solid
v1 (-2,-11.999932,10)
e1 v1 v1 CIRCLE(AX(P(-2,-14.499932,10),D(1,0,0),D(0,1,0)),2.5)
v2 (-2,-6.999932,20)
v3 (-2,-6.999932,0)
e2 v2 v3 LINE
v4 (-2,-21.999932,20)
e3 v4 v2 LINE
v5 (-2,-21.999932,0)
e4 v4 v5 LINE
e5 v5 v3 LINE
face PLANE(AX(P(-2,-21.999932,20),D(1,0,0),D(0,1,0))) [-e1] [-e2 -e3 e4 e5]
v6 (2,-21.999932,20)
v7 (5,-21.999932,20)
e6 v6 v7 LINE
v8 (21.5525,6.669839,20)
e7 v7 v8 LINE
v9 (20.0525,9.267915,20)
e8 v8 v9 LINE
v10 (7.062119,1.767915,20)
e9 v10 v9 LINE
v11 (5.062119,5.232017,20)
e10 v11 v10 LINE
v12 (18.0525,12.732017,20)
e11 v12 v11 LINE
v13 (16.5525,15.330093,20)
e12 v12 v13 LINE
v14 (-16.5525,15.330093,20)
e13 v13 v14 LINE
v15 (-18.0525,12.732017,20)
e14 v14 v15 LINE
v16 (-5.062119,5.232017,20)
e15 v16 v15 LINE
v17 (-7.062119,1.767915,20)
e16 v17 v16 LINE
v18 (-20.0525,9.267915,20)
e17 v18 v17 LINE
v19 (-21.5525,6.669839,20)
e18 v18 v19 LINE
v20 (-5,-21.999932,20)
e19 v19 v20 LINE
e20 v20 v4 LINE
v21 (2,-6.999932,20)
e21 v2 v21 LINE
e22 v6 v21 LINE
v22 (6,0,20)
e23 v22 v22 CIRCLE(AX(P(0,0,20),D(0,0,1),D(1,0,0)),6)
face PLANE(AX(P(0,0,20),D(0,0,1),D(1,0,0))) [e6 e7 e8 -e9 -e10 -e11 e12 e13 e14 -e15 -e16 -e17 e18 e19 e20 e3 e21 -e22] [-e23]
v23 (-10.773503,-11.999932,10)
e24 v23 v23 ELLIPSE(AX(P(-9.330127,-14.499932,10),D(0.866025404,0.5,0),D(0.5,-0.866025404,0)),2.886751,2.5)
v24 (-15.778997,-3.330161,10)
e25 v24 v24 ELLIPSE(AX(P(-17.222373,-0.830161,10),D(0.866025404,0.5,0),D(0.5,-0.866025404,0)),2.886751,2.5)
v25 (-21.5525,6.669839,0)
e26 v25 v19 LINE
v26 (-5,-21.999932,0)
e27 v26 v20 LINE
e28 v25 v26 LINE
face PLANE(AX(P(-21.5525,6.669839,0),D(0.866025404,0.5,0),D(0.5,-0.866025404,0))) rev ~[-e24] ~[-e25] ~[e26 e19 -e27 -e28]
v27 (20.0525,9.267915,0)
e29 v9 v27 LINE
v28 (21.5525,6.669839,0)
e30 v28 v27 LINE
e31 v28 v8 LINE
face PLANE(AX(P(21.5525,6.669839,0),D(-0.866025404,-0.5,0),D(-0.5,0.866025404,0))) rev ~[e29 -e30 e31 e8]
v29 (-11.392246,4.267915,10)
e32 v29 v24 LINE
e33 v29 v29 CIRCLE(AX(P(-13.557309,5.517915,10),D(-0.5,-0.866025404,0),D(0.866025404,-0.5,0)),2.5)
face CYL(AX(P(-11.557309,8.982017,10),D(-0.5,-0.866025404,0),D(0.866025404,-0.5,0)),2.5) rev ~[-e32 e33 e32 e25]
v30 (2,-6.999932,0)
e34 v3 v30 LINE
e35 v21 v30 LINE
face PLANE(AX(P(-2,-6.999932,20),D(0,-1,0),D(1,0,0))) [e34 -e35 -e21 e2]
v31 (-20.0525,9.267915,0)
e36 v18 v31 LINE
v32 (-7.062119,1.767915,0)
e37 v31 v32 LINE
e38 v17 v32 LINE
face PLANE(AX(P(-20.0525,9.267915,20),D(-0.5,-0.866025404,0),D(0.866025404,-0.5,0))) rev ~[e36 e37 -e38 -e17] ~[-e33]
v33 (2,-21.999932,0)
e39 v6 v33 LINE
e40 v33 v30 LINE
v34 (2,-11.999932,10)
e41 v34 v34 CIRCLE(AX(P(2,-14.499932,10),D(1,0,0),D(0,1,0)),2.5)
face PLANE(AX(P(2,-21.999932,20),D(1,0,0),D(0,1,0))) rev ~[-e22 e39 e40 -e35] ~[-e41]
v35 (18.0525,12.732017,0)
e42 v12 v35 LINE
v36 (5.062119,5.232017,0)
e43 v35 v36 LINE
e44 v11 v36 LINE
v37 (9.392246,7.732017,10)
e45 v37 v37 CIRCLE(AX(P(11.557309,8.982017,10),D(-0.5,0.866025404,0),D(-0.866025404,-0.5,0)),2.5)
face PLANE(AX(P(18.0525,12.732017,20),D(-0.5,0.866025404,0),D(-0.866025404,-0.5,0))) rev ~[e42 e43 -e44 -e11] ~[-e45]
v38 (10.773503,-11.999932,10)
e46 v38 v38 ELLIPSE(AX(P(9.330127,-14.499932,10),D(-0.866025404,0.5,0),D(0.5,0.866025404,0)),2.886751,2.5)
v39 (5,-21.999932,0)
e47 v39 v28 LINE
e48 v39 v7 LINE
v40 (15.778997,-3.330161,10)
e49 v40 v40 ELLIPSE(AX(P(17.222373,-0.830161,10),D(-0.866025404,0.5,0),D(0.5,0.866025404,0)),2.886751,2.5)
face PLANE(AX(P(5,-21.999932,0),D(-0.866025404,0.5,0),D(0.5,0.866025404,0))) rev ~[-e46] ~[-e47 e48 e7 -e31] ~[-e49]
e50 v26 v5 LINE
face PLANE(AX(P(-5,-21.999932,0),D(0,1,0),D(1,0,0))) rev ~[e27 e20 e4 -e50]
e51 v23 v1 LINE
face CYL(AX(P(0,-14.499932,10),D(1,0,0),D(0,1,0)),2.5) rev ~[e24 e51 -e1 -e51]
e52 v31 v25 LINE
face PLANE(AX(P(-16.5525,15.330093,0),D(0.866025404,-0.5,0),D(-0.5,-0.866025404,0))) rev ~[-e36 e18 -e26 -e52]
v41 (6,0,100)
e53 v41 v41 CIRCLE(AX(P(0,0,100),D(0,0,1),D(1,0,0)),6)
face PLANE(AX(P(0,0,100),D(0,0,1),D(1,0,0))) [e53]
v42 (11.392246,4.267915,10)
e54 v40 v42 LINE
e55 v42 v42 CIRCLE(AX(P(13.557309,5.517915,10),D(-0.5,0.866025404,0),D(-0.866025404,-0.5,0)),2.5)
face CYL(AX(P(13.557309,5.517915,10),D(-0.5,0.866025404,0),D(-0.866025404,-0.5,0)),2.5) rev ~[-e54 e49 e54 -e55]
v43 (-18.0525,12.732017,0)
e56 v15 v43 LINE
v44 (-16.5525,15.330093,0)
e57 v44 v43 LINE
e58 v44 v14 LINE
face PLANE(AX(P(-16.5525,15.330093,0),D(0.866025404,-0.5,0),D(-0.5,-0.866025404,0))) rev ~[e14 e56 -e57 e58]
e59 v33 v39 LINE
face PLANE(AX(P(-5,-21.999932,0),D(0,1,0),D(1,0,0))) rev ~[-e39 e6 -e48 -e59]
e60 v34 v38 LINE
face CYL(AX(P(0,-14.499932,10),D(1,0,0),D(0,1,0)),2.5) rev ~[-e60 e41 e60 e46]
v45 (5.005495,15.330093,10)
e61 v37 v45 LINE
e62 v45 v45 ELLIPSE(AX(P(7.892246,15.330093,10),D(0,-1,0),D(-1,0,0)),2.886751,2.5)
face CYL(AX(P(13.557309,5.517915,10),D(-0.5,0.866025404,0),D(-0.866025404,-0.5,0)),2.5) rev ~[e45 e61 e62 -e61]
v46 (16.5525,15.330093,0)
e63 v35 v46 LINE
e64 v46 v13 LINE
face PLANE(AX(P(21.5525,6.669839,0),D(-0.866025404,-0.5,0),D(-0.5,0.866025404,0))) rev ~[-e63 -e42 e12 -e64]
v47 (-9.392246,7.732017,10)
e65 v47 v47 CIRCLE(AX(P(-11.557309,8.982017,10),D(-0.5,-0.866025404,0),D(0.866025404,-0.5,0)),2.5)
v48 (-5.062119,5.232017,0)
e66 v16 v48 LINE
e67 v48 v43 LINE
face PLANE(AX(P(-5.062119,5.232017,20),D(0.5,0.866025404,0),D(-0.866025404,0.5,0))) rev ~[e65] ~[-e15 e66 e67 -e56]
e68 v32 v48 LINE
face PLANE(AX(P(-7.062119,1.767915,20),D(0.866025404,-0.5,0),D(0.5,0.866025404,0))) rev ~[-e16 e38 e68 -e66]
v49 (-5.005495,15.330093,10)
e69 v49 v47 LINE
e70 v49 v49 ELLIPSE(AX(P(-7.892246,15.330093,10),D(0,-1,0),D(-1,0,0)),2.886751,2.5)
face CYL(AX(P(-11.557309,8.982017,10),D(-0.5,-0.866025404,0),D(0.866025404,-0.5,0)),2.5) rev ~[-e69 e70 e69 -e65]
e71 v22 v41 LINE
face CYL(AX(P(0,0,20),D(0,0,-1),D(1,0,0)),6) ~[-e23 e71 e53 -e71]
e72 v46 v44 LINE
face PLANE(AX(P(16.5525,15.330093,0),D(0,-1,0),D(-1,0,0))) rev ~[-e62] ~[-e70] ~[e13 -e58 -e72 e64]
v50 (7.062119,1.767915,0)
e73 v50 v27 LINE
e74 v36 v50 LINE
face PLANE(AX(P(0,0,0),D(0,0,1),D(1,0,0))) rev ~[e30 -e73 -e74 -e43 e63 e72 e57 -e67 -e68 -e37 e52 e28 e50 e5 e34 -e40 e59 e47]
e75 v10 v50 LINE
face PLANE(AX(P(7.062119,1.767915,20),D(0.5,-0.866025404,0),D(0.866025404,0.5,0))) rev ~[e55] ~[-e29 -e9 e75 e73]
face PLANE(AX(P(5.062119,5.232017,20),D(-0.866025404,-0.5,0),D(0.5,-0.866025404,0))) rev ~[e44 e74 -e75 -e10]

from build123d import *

# Parameters (mm, degrees)
F1_DEPTH  = 20
F2_W      = 4
F2_H      = 15
F3_DEPTH  = 25
F4_R      = 6
F5_DEPTH  = 80
F6_R      = 2.5
F7_DEPTH  = 12.5
F8_R      = 2.5
F9_DEPTH  = 15
F10_R     = 2.5
F11_DEPTH = 15


with BuildPart() as f1:
    # F0 (on Top) → F1 (new body)
    with BuildSketch(Plane.XY):
        Polygon((16.5525, 15.3300930227), (-16.5525, 15.3300930227), (-21.5525, 6.6698389848), (-5, -21.9999320075), (5, -21.9999320075), (21.5525, 6.6698389848), align=None)
    extrude(amount=F1_DEPTH)

    # F2 (on face) → F3 (cut)
    with BuildSketch(Plane.XY.offset(20)):
        with Locations((0, -14.4999320075)):
            Rectangle(F2_W, F2_H)
        Polygon((20.0525, 9.2679151962), (18.0525, 12.7320168113), (5.0621189432, 5.2320168113), (7.0621189432, 1.7679151962), align=None)
        Polygon((-5.0621189432, 5.2320168113), (-18.0525, 12.7320168113), (-20.0525, 9.2679151962), (-7.0621189432, 1.7679151962), align=None)
    extrude(amount=-F3_DEPTH, mode=Mode.SUBTRACT)

    # F4 (on face) → F5 (join)
    with BuildSketch(Plane.XY.offset(20)):
        Circle(F4_R)
    extrude(amount=F5_DEPTH)

    # F6 (on Right) → F7 (cut, symmetric)
    with BuildSketch(Plane.YZ):
        with Locations((-14.4999320075, 10)):
            Circle(F6_R)
    extrude(amount=F7_DEPTH, both=True, mode=Mode.SUBTRACT)

    # F8 (on face) → F9 (cut, symmetric)
    with BuildSketch(Plane(origin=(1, 1.7320508076, 0), x_dir=(0.8660254038, -0.5, 0), z_dir=(-0.5, -0.8660254038, 0))):
        with Locations((-14.4999320075, 10)):
            Circle(F8_R)
    extrude(amount=F9_DEPTH, both=True, mode=Mode.SUBTRACT)

    # F10 (on face) → F11 (cut, symmetric)
    with BuildSketch(Plane(origin=(1, -1.7320508076, 0), x_dir=(-0.8660254038, -0.5, 0), z_dir=(-0.5, 0.8660254038, 0))):
        with Locations((-14.4999320075, 10)):
            Circle(F10_R)
    extrude(amount=F11_DEPTH, both=True, mode=Mode.SUBTRACT)


solid = f1.part
